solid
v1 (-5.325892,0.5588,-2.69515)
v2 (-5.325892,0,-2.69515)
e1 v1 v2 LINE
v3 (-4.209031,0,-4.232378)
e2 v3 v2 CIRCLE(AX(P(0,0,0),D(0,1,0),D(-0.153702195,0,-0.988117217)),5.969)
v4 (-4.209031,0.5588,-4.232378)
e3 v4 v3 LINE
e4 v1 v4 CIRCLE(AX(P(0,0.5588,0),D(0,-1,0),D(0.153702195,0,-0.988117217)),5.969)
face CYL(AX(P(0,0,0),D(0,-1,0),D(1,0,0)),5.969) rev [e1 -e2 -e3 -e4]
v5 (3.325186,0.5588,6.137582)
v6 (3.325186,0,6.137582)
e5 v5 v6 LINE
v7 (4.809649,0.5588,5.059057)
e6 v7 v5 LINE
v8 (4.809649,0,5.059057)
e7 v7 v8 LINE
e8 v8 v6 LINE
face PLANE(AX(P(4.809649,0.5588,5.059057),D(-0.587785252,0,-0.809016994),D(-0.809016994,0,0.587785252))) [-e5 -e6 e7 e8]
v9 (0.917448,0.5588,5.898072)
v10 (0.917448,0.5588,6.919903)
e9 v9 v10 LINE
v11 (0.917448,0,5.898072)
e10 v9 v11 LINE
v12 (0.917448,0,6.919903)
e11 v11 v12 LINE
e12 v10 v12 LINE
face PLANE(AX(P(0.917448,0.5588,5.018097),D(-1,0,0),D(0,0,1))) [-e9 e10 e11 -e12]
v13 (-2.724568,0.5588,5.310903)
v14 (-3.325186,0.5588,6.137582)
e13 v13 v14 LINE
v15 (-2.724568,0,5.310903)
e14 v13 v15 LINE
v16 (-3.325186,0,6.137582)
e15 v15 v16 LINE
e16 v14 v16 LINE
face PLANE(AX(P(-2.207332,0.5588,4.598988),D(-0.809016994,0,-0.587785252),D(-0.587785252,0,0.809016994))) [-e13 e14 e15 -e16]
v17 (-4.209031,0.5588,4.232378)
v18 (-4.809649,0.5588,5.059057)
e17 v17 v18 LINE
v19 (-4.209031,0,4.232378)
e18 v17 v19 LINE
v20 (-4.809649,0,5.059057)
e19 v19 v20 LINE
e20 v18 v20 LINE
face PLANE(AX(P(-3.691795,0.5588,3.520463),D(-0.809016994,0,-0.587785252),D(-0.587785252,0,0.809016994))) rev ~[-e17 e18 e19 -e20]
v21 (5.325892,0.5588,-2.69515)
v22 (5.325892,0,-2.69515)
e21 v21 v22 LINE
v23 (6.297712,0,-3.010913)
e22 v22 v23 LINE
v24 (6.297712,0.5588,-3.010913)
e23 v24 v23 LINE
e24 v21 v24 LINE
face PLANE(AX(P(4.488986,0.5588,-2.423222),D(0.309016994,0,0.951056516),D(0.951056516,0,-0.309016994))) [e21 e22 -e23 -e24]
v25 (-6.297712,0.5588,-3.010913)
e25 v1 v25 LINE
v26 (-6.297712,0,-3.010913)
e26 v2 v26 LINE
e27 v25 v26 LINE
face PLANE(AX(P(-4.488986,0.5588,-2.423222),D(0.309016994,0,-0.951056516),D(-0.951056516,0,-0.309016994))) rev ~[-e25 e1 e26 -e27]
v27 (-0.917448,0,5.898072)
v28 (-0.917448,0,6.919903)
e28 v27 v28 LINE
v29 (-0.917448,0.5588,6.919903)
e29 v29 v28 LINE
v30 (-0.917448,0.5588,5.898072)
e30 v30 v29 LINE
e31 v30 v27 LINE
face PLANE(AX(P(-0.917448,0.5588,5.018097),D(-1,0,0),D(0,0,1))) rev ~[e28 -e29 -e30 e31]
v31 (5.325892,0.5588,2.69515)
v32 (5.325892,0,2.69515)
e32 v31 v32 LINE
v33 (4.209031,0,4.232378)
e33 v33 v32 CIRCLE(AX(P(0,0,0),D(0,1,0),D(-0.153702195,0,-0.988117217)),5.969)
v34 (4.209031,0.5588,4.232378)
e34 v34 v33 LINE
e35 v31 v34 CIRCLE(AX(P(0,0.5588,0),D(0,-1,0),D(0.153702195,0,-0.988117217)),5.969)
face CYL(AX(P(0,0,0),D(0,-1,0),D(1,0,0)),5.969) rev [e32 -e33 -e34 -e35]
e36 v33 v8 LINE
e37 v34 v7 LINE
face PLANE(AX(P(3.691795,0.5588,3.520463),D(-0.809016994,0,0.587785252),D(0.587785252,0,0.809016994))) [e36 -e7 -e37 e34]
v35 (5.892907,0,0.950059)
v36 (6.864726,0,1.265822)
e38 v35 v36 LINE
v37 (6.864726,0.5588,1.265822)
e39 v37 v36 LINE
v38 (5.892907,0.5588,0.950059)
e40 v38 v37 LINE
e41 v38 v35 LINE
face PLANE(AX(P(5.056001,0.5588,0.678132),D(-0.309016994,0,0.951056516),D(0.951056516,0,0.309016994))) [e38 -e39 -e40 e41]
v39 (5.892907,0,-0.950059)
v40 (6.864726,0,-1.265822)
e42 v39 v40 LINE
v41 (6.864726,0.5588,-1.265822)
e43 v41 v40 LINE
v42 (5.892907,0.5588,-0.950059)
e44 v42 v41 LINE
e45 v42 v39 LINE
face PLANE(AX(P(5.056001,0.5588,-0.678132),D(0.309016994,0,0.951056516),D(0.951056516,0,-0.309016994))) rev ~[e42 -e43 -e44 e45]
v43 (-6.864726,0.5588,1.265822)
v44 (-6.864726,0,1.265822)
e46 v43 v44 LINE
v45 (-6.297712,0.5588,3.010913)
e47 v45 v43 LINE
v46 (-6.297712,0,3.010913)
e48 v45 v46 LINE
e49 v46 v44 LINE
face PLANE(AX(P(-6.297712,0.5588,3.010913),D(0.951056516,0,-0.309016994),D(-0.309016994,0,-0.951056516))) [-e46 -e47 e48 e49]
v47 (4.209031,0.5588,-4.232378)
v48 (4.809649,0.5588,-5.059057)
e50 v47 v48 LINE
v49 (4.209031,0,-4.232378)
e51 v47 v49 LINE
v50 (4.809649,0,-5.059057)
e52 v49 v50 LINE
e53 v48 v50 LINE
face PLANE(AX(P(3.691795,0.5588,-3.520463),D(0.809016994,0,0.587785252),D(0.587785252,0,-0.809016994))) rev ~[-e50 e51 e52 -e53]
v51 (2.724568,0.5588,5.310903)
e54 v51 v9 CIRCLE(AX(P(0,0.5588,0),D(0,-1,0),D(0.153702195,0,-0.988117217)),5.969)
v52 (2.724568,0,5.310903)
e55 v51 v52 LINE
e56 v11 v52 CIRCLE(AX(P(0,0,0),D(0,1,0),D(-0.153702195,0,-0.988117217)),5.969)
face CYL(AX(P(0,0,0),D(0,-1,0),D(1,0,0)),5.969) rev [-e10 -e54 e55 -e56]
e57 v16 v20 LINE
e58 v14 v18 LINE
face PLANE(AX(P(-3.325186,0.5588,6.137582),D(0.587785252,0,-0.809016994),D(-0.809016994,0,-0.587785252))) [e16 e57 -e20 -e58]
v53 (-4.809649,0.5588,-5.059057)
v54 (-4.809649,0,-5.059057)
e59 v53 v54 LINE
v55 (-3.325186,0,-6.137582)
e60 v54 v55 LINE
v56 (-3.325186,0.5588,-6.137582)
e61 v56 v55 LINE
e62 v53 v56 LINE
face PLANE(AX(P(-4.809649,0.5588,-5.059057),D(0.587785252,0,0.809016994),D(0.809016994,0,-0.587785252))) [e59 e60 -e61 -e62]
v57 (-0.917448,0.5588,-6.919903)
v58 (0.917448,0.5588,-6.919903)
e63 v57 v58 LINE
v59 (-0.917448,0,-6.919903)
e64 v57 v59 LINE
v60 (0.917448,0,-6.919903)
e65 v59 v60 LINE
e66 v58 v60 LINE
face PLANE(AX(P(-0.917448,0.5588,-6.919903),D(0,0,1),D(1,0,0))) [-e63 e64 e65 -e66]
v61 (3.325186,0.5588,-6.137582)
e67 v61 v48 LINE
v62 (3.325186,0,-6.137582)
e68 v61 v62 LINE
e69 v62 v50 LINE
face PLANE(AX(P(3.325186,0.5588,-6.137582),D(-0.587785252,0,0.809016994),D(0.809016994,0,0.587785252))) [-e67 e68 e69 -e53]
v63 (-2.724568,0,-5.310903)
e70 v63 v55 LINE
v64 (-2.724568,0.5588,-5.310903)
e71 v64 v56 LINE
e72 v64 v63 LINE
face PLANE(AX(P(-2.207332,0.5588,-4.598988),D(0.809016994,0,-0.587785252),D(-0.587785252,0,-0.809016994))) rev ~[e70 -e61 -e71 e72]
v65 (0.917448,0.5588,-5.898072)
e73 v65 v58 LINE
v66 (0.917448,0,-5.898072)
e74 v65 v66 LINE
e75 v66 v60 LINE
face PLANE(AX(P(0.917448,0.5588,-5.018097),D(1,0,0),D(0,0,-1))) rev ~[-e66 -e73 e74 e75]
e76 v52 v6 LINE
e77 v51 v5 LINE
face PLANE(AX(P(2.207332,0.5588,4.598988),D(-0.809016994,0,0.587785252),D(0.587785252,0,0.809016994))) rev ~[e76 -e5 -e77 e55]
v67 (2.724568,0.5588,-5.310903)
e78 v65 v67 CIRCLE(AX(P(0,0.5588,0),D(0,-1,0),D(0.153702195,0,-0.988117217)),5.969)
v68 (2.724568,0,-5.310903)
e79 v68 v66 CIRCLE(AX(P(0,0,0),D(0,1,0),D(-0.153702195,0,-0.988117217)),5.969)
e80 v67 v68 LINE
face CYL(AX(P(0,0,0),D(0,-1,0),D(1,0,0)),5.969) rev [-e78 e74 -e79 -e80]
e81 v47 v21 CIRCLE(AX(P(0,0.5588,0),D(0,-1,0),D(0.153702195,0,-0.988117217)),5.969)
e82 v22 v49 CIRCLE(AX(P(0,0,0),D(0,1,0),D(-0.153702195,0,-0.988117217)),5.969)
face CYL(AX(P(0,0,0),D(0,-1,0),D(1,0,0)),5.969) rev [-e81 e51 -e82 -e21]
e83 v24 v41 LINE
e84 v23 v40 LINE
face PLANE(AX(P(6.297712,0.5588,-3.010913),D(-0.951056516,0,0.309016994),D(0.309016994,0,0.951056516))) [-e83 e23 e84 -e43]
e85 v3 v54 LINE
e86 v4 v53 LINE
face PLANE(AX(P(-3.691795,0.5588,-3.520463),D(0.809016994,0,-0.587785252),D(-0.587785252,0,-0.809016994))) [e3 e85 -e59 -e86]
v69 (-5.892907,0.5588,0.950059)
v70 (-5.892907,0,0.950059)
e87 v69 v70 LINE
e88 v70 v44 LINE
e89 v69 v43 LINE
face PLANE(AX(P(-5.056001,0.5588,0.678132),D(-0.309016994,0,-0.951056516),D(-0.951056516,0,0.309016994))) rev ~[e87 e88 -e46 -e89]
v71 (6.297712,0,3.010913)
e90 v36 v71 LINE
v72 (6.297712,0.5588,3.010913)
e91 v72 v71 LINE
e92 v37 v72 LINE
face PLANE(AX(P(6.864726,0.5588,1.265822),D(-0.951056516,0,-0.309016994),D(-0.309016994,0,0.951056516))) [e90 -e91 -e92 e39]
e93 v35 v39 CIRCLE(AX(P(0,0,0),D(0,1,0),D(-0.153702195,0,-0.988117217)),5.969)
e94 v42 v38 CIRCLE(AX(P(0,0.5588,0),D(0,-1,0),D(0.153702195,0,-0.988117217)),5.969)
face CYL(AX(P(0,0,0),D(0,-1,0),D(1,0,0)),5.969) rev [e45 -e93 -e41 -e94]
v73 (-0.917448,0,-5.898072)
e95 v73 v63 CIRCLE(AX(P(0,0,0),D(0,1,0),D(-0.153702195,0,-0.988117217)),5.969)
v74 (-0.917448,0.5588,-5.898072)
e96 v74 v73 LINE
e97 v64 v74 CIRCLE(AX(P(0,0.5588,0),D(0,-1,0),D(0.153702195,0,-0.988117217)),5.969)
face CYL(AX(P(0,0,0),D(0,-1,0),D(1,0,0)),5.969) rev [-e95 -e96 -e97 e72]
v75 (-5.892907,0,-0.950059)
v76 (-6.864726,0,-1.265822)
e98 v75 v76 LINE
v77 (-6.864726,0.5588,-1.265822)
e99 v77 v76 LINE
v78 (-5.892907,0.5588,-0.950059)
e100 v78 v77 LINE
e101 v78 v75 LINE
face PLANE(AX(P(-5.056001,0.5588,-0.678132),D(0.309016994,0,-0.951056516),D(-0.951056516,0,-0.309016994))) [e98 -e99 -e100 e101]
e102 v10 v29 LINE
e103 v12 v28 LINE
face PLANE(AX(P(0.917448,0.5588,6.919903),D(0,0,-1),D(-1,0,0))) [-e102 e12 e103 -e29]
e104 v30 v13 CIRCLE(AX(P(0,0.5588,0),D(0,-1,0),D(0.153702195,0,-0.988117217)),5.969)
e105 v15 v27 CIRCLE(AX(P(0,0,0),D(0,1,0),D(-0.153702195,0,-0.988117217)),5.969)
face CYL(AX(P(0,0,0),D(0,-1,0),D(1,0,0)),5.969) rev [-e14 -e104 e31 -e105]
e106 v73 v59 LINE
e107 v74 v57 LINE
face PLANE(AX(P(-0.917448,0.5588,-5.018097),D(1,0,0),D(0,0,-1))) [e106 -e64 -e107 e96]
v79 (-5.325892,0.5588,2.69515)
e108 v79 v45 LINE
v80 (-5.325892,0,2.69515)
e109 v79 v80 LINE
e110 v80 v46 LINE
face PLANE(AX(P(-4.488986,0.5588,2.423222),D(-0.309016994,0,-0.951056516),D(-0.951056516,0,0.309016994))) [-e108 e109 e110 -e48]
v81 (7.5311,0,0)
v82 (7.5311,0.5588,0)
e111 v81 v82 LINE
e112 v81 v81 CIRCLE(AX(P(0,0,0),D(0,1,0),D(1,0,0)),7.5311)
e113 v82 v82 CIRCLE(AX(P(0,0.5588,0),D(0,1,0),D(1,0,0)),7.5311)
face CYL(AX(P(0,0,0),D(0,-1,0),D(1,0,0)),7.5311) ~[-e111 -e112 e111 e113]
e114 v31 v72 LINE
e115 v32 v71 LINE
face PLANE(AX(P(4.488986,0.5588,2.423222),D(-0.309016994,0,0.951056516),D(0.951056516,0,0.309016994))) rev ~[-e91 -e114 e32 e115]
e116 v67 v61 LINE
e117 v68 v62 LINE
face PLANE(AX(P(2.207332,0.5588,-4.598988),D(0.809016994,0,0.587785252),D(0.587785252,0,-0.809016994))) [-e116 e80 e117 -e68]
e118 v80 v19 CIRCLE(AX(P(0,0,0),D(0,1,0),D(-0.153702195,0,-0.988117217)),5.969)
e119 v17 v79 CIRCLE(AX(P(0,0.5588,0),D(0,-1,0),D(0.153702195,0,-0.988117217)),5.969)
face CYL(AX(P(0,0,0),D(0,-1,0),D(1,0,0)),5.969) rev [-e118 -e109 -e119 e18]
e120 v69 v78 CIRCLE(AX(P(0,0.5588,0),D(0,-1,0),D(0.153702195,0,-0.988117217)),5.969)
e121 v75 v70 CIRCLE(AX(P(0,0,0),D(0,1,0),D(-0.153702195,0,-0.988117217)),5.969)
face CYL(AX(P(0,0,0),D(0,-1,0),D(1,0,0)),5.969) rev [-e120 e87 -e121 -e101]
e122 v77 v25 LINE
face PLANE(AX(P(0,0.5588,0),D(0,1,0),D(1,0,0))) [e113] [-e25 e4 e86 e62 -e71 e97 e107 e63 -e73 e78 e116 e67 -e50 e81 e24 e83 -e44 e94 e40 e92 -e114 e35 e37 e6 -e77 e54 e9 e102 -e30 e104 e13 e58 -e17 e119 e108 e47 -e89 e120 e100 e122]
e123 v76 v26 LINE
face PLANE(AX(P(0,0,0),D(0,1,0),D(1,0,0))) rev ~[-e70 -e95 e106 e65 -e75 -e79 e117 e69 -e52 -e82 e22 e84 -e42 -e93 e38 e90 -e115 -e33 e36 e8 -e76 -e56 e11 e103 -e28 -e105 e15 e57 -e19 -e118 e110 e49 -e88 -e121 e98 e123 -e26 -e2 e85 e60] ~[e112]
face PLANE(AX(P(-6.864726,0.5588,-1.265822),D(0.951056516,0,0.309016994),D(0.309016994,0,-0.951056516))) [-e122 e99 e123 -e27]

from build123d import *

# Parameters (mm, degrees)
SKETCH1_R           = 7.5311
SKETCH1_R_2         = 5.969
BOSS_EXTRUDE1_DEPTH = 0.5588
SKETCH2_W           = 1.834896806
SKETCH2_H           = 1.901806754
CUT_EXTRUDE1_DEPTH  = 1.5588
CIRPATTERN1_COUNT   = 10


with BuildPart() as part:
    # Sketch1 → Boss-Extrude1 (new body)
    with BuildSketch(Plane(origin=(0, 0, 0), x_dir=(1, 0, 0), z_dir=(0, 1, 0))):
        Circle(SKETCH1_R)
        Circle(SKETCH1_R_2, mode=Mode.SUBTRACT)
    extrude(amount=BOSS_EXTRUDE1_DEPTH)

    # Sketch2 → Cut-Extrude1 (cut, through all)
    with BuildSketch(Plane(origin=(0, 0.5588, 0), x_dir=(1, 0, 0), z_dir=(0, 1, 0))):
        with Locations((0, 5.969)):
            Rectangle(SKETCH2_W, SKETCH2_H)
    cut_extrude1 = extrude(amount=-CUT_EXTRUDE1_DEPTH, mode=Mode.SUBTRACT)

    # CirPattern1: Cut-Extrude1 ×10 about axis
    cirpattern1_axis = Axis((0, 0, 0), (0, 1, 0))
    for i in range(1, CIRPATTERN1_COUNT):
        add(cut_extrude1.rotate(cirpattern1_axis, i * 360 / CIRPATTERN1_COUNT), mode=Mode.SUBTRACT)


solid = part.part
